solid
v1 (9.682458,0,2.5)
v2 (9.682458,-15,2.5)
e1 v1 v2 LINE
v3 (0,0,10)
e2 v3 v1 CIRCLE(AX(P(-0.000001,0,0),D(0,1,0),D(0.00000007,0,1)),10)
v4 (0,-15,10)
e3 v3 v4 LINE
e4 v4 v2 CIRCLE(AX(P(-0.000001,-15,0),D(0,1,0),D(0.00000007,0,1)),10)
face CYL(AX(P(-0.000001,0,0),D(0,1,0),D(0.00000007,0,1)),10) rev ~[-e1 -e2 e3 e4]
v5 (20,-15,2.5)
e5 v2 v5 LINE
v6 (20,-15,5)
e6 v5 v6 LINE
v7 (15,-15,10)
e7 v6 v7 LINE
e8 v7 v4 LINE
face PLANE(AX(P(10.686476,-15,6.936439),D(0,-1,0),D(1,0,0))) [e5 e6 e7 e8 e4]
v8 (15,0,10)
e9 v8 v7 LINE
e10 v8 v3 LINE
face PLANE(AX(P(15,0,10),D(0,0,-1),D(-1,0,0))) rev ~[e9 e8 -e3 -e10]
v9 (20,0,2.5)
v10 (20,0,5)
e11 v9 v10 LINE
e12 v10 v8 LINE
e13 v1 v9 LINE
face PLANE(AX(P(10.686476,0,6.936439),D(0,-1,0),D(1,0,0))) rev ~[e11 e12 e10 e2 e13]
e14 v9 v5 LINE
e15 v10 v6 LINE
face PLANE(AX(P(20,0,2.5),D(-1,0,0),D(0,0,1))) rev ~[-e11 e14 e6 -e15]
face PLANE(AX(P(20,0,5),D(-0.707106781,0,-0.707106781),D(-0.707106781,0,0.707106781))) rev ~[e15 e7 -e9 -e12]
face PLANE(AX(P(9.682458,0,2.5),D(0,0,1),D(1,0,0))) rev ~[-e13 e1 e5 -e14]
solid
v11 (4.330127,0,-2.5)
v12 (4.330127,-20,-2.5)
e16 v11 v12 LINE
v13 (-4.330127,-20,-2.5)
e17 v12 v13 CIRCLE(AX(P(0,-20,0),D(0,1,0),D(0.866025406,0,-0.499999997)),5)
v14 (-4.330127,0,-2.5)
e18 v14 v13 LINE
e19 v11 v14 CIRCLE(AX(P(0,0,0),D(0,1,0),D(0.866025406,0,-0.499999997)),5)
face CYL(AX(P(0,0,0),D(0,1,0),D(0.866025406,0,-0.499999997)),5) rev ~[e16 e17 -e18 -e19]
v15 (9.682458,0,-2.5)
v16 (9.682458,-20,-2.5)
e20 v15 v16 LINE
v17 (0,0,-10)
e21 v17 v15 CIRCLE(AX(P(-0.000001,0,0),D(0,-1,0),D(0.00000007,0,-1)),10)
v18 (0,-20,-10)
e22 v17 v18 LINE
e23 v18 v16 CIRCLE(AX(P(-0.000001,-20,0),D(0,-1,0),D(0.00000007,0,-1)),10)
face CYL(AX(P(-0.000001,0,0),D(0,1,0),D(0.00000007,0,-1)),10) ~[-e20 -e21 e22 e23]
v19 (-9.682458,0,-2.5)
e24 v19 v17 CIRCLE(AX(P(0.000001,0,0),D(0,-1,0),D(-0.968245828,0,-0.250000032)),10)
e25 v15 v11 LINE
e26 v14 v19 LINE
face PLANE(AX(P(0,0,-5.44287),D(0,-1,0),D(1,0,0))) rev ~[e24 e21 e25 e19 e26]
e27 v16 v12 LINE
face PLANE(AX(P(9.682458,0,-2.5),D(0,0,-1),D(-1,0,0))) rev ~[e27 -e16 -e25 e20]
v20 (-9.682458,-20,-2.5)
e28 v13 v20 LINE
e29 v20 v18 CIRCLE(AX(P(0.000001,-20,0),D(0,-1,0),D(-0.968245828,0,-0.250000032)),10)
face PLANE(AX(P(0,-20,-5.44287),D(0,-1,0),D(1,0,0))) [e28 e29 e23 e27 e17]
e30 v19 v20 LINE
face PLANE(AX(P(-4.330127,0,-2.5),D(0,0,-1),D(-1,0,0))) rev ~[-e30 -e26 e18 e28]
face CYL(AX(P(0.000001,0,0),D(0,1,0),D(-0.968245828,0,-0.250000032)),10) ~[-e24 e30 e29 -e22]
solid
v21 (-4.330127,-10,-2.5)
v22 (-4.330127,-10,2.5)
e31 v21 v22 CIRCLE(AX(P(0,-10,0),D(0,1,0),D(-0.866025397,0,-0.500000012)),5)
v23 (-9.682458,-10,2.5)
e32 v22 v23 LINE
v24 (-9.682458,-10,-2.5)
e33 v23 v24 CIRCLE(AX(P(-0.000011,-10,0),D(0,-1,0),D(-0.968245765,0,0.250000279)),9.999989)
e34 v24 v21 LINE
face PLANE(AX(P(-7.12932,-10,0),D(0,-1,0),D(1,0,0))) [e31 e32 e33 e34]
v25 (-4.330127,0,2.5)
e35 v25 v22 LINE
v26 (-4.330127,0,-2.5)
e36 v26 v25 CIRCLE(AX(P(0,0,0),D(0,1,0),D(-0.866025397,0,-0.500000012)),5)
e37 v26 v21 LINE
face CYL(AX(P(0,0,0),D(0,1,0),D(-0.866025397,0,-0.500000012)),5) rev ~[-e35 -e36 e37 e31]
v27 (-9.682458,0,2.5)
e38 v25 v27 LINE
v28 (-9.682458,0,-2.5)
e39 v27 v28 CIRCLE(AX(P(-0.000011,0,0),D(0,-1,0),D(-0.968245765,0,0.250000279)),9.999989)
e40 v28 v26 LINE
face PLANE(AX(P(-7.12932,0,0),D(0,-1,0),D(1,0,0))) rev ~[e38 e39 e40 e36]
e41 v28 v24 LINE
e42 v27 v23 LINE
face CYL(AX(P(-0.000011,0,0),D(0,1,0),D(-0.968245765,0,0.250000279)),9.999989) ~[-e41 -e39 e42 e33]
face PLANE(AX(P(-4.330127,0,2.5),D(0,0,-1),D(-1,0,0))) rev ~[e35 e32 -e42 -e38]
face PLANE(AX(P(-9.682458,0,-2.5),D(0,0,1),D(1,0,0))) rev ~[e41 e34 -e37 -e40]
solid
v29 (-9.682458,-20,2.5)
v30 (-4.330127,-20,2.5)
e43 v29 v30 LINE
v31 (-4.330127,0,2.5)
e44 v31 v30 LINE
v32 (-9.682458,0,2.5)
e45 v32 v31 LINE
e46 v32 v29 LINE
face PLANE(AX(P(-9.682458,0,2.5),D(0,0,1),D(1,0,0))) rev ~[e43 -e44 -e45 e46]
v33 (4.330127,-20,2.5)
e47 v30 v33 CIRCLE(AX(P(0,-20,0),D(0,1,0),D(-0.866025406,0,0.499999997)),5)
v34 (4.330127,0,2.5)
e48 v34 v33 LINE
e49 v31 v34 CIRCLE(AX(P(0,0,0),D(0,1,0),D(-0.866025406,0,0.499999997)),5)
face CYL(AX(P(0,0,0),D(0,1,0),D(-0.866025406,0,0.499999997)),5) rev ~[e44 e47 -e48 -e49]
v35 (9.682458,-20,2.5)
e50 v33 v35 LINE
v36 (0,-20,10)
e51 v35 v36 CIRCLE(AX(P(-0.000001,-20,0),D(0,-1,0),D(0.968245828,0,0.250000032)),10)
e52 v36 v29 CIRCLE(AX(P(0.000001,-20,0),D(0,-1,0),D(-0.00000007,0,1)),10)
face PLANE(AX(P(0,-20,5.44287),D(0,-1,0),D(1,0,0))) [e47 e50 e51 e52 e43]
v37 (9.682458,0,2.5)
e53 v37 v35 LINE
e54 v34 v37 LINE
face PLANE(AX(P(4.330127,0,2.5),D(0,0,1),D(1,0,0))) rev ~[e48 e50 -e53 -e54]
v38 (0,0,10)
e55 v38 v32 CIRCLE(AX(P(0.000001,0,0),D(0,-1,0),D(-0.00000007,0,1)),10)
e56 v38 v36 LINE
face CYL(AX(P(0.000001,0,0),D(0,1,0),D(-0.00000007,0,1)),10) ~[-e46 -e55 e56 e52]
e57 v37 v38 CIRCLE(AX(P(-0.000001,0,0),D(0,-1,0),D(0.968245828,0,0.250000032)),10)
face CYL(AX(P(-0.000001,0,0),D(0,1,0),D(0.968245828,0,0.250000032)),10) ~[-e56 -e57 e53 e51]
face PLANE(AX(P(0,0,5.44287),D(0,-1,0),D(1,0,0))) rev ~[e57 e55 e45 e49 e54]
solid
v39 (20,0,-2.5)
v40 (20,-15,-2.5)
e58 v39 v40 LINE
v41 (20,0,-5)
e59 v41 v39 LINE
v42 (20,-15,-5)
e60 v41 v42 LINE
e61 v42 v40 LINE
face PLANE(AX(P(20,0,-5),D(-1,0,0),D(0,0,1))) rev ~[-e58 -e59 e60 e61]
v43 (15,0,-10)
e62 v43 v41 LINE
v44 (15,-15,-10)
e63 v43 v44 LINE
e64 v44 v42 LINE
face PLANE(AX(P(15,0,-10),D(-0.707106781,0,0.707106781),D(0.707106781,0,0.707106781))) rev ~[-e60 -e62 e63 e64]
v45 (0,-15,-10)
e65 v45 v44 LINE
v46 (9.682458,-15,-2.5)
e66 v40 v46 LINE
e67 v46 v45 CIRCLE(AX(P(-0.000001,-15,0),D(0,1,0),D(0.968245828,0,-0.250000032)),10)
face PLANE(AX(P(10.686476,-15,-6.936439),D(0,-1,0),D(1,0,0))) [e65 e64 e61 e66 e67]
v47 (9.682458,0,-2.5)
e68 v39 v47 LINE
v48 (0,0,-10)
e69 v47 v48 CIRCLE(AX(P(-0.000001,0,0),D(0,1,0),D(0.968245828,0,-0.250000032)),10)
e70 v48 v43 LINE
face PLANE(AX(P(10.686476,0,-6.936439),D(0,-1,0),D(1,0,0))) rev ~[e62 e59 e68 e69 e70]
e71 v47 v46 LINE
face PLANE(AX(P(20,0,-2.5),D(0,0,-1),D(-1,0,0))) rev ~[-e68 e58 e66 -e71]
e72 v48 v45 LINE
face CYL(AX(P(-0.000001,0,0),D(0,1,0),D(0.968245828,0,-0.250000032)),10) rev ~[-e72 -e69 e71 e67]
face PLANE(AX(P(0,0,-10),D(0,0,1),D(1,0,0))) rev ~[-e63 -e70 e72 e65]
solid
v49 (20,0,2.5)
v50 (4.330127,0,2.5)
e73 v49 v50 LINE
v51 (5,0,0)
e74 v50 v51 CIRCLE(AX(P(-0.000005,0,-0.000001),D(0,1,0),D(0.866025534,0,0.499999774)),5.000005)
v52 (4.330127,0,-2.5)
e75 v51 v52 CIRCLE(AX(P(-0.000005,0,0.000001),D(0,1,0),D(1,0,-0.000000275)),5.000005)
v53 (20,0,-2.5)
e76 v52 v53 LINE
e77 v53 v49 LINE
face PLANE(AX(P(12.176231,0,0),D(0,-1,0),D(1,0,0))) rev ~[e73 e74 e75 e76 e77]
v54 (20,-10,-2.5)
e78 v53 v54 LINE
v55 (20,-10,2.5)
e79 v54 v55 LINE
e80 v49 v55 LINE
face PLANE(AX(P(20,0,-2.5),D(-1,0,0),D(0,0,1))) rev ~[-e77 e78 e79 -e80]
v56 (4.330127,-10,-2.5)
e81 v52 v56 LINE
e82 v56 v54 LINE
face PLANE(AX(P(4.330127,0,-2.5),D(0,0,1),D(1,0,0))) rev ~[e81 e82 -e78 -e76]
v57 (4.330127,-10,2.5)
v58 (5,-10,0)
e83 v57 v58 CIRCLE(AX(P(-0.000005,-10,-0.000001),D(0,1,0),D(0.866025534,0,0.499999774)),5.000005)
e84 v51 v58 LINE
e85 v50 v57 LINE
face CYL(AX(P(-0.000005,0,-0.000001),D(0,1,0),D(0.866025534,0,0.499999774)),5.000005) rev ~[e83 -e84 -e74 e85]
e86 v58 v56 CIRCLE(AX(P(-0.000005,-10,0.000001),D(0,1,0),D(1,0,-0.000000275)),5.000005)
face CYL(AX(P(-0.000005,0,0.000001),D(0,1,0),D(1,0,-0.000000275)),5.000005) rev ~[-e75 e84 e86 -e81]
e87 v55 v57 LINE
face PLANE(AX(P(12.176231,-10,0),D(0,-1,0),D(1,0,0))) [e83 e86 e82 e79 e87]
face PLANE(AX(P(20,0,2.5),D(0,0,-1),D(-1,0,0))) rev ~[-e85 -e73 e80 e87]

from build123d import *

# Parameters (mm, degrees)
F1_DEPTH = 15
F2_DEPTH = 20
F3_DEPTH = 10


with BuildPart() as f1:
    # F0 (on Front) → F1 (new body)
    with BuildSketch(Plane.XZ):
        with BuildLine():
            ThreePointArc((0, 10), (6.123724, 7.905694), (9.682458, 2.5))
            Line((9.682458, 2.5), (20, 2.5))
            Line((20, 2.5), (20, 5))
            Line((20, 5), (15, 10))
            Line((15, 10), (0, 10))
        make_face()
        with BuildLine():
            Line((20, -2.5), (9.682458, -2.5))
            ThreePointArc((9.682458, -2.5), (6.123724, -7.905694), (0, -10))
            Line((0, -10), (15, -10))
            Line((15, -10), (20, -5))
            Line((20, -5), (20, -2.5))
        make_face()
    extrude(amount=F1_DEPTH)


with BuildPart() as f2:
    # F0 (on Front) → F2 (new body)
    with BuildSketch(Plane.XZ):
        with BuildLine():
            ThreePointArc((-4.330127, 2.5), (0, 5), (4.330127, 2.5))
            Line((4.330127, 2.5), (9.682458, 2.5))
            ThreePointArc((9.682458, 2.5), (6.123724, 7.905694), (0, 10))
            ThreePointArc((0, 10), (-6.123724, 7.905694), (-9.682458, 2.5))
            Line((-9.682458, 2.5), (-4.330127, 2.5))
        make_face()
        with BuildLine():
            Line((9.682458, -2.5), (4.330127, -2.5))
            ThreePointArc((4.330127, -2.5), (0, -5), (-4.330127, -2.5))
            Line((-4.330127, -2.5), (-9.682458, -2.5))
            ThreePointArc((-9.682458, -2.5), (-6.123724, -7.905694), (0, -10))
            ThreePointArc((0, -10), (6.123724, -7.905694), (9.682458, -2.5))
        make_face()
    extrude(amount=F2_DEPTH)


with BuildPart() as f3:
    # F0 (on Front) → F3 (new body)
    with BuildSketch(Plane.XZ):
        with BuildLine():
            ThreePointArc((4.330127, 2.5), (4.829629, 1.294095), (5, 0))
            ThreePointArc((5, 0), (4.829629, -1.294095), (4.330127, -2.5))
            Line((4.330127, -2.5), (9.682458, -2.5))
            Line((9.682458, -2.5), (20, -2.5))
            Line((20, -2.5), (20, 2.5))
            Line((20, 2.5), (9.682458, 2.5))
            Line((9.682458, 2.5), (4.330127, 2.5))
        make_face()
        with BuildLine():
            ThreePointArc((-4.330127, -2.5), (-5, 0), (-4.330127, 2.5))
            Line((-4.330127, 2.5), (-9.682458, 2.5))
            ThreePointArc((-9.682458, 2.5), (-10, 0), (-9.682458, -2.5))
            Line((-9.682458, -2.5), (-4.330127, -2.5))
        make_face()
    extrude(amount=F3_DEPTH)


solid = Compound([f1.part, f2.part, f3.part])
